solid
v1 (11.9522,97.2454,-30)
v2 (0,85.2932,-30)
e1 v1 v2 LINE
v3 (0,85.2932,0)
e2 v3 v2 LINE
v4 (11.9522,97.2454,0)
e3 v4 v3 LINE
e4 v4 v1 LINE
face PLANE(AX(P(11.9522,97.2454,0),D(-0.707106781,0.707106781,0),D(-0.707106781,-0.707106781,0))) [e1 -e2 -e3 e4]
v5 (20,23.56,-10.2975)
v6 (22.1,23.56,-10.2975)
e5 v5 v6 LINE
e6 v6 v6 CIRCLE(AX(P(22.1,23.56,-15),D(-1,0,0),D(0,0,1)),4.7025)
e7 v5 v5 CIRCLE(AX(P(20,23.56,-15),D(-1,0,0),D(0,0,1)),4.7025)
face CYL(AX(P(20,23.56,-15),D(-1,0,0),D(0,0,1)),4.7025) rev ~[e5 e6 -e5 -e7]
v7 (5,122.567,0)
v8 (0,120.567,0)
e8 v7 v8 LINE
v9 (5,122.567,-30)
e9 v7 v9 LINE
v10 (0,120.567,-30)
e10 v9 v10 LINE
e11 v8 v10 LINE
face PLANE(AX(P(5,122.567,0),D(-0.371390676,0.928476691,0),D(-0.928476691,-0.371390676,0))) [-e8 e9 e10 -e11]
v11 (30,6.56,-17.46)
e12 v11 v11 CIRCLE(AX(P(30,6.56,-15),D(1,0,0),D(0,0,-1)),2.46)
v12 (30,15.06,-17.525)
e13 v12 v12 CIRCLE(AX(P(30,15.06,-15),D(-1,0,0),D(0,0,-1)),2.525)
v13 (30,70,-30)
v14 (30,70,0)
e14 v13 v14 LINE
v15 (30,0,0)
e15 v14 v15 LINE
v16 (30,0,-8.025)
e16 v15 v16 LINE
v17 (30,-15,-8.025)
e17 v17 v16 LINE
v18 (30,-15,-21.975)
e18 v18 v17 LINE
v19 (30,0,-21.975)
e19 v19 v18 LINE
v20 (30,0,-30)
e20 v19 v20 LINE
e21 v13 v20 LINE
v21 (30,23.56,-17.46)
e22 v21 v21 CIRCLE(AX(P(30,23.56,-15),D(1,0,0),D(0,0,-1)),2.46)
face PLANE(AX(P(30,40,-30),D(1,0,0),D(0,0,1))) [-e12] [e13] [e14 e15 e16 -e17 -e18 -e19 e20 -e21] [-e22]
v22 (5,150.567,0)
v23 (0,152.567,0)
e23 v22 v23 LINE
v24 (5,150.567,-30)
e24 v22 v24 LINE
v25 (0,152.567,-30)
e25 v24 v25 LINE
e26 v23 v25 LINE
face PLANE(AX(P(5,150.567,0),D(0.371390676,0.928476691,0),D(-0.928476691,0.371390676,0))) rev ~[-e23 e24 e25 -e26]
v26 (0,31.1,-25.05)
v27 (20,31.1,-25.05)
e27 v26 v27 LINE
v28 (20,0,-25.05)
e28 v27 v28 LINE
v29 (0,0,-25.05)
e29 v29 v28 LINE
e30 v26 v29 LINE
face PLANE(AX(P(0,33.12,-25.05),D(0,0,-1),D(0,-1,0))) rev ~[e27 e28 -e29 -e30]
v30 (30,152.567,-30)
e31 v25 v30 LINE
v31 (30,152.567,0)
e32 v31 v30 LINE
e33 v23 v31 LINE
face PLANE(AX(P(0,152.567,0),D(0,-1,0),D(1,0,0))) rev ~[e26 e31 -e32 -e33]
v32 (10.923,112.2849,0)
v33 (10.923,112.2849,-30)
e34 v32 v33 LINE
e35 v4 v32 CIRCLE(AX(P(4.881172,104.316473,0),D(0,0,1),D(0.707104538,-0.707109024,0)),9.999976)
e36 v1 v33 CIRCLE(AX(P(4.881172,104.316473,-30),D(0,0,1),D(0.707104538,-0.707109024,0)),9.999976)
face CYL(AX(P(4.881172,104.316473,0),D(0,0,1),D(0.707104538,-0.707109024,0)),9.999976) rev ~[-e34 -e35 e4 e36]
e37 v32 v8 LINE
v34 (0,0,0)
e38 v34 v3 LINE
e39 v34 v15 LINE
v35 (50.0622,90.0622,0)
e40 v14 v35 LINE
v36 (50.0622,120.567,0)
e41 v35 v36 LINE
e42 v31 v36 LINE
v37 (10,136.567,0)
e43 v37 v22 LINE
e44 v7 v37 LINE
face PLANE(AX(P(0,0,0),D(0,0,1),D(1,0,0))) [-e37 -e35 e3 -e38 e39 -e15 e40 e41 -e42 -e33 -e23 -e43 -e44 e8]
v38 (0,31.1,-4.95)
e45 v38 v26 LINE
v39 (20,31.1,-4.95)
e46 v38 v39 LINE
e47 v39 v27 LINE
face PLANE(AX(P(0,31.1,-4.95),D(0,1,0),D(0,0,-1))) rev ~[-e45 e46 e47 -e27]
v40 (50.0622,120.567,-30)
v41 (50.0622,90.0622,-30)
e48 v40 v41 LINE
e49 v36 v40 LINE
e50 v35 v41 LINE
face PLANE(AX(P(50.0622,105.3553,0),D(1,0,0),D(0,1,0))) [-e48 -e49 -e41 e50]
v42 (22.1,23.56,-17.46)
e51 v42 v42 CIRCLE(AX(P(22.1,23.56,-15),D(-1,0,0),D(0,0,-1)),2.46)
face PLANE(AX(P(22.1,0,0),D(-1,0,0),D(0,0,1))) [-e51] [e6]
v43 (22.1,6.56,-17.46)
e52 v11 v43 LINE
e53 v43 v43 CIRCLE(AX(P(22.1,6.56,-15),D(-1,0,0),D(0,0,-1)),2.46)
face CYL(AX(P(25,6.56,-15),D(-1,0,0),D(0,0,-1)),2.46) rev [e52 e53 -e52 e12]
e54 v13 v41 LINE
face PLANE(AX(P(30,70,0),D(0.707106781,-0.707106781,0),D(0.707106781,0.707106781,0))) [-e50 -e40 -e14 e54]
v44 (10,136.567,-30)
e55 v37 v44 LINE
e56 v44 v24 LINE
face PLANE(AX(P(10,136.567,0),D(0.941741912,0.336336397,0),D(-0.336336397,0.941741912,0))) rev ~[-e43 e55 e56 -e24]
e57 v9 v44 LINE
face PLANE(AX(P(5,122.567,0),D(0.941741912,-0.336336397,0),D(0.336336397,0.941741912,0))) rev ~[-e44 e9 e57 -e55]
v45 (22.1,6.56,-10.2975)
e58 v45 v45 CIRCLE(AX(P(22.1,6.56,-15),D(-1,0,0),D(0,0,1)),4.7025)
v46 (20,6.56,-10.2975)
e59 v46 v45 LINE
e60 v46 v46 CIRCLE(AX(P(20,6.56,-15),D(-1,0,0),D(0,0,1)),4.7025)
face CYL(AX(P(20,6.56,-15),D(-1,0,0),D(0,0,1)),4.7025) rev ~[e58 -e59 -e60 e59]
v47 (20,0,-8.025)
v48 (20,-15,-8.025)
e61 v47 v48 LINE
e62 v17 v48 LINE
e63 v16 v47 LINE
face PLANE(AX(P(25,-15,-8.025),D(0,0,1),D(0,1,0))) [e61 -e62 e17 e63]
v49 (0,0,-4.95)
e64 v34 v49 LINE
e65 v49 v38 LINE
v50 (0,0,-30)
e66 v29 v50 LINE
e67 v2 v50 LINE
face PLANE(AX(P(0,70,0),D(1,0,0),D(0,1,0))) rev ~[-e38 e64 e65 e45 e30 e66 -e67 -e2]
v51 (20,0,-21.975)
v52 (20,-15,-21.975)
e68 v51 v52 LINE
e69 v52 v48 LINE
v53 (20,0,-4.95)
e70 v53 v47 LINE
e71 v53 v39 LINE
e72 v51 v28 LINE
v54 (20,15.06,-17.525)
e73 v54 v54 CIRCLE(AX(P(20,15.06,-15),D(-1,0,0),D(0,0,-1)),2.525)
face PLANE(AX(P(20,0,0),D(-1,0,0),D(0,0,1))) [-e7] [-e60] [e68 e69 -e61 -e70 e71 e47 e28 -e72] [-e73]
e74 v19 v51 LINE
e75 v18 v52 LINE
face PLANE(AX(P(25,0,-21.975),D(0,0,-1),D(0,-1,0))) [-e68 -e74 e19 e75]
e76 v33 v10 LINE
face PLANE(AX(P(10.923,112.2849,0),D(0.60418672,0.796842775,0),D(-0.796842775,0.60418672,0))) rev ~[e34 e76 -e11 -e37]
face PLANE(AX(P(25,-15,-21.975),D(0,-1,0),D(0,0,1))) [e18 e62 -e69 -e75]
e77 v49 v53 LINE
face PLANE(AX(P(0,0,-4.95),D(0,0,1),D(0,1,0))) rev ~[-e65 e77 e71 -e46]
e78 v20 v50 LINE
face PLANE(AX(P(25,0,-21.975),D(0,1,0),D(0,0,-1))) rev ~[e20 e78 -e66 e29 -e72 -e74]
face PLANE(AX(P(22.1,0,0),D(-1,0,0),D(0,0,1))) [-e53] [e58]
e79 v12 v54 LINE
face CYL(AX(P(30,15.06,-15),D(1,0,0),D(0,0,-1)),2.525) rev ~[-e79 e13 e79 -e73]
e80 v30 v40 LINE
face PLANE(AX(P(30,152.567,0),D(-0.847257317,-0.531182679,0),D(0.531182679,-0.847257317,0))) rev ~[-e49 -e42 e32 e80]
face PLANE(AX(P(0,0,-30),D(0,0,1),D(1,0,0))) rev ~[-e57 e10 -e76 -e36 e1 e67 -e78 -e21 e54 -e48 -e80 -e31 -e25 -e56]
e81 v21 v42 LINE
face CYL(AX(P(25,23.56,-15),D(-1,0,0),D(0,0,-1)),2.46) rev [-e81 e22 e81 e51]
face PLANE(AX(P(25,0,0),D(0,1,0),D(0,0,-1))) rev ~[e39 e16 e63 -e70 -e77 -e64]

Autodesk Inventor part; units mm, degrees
ref_plane "YZ Plane" through (0, 0, 0) normal (1, 0, 0) x (0, 1, 0)
ref_plane "XZ Plane" through (0, 0, 0) normal (0, 1, 0) x (-1, 0, 0)
ref_plane "XY Plane" through (0, 0, 0) normal (0, 0, 1) x (1, 0, 0)
sketch "Sketch1" plane through (0, 0, 0) normal (0, 0, 1) x (1, 0, 0)
  line L0 (0, 0) -> (25, 0)
  line L1 (25, 0) -> (25, 40)
  line L2 (25, 40) -> (0, 40)
  line L3 (0, 40) -> (0, 0)
  dimension "d1" = 25
  dimension "d2" = 40
  dimension "d3" = 25
extrude "Extrusion1" add sketch "Sketch1" against normal blind 30
sketch "Sketch2" plane through (25, 0, 0) normal (1, 0, 0) x (0, 0, -1)
  line L0 (0, 0) -> (30, 0) projected
  circle A0 centre (15, 6.56) radius 2.46
extrude "Extrusion2" cut sketch "Sketch2" against normal blind 30
sketch "Sketch3" plane through (0, 0, 0) normal (-1, 0, 0) x (0, 0, 1)
  line L0 (0, 0) -> (-30, 0) projected
  line L1 (-25.05, 0) -> (-4.95, 0)
  line L2 (-4.95, 0) -> (-4.95, 33.12)
  line L3 (-4.95, 33.12) -> (-25.05, 33.12)
  line L4 (-25.05, 33.12) -> (-25.05, 0)
  dimension "d11" = 20.1
extrude "Extrusion3" cut sketch "Sketch3" against normal blind 20
sketch "Sketch4" plane through (0, 0, 0) normal (0, -1, 0) x (1, 0, 0)
  line L0 (20, -4.95) -> (20, -25.05) projected
  line L1 (20, -15) -> (25, -15)
  line L2 (25, 0) -> (25, -30) projected
  line L3 (20, -8.025) -> (25, -8.025)
  line L4 (25, -8.025) -> (25, -21.975)
  line L5 (25, -21.975) -> (20, -21.975)
  line L6 (20, -21.975) -> (20, -8.025)
  line L7 (20, -8.025) -> (25, -21.975) construction
  line L8 (25, -8.025) -> (20, -21.975) construction
  line L9 (25, -12.54) -> (25, -17.46) projected
  point P0 (0, 0)
  point P1 (22.5, -15)
  dimension "d14" = 13.95
extrude "Extrusion4" add sketch "Sketch4" along normal blind 15
sketch "Sketch5" plane through (20, 0, 0) normal (-1, 0, 0) x (0, 0, 1)
  circle A0 centre (-15, 6.56) radius 2.46 projected
  circle A1 centre (-15, 6.56) radius 4.7025
  circle A2 centre (-15, 6.56) radius 2.46 projected
  circle A3 centre (-15, 6.56) radius 2.46
  point P0 (0, 0)
  dimension "d17" = 9.405
extrude "Extrusion5" cut sketch "Sketch5" against normal blind 2.1
sketch "Sketch6" plane through (25, 0, 0) normal (1, 0, 0) x (0, 0, -1)
  circle A0 centre (15, 6.56) radius 4.7025 projected
  line L0 (15, 6.56) -> (15, 23.56)
  circle A1 centre (15, 23.56) radius 2.46
  point P0 (0, 0)
  dimension "d20" = 17
  dimension "d21" = 4.92
extrude "Extrusion6" cut sketch "Sketch6" against normal blind 10 contours A1
sketch "Sketch7" plane through (20, 0, 0) normal (-1, 0, 0) x (0, 0, 1)
  circle A0 centre (-15, 23.56) radius 2.46 projected
  circle A1 centre (-15, 23.56) radius 4.7025
  point P0 (0, 0)
  dimension "d24" = 9.405
extrude "Extrusion7" cut sketch "Sketch7" against normal blind 2.1
sketch "Sketch9" plane through (25, 0, 0) normal (1, 0, 0) x (0, 0, -1)
  circle A0 centre (15, 6.56) radius 2.46 projected
  circle A1 centre (15, 6.56) radius 2.46
  circle A2 centre (15, 23.56) radius 2.46 projected
  circle A3 centre (15, 23.56) radius 2.46
  line L0 (30, 40) -> (30, 0) projected
  line L1 (30, 0) -> (30, 40)
  line L2 (30, 40) -> (0, 40)
  line L3 (0, 40) -> (0, 0)
  line L4 (0, 0) -> (8.025, 0) projected
  line L5 (21.975, 0) -> (21.975, -15)
  line L6 (21.975, -15) -> (8.025, -15)
  line L7 (8.025, -15) -> (8.025, 0)
  line L8 (0, 0) -> (8.025, 0)
  line L9 (21.975, 0) -> (30, 0)
extrude "Extrusion8" add sketch "Sketch9" along normal blind 5
sketch "Sketch10" plane through (0, 40, 0) normal (0, 1, 0) x (1, 0, 0)
  line L0 (0, 30) -> (30, 30) projected
  line L1 (30, 0) -> (0, 0) projected
  line L2 (0, 30) -> (30, 30)
  line L3 (30, 30) -> (30, 0)
  line L4 (30, 0) -> (0, 0)
  line L5 (0, 0) -> (0, 30)
extrude "Extrusion9" add sketch "Sketch10" along normal blind 30
sketch "Sketch12" plane through (30, 0, 0) normal (1, 0, 0) x (0, 0, -1)
  circle A0 centre (15, 6.56) radius 2.46 projected
  line L0 (15, 6.56) -> (15, 15.06)
  circle A1 centre (15, 15.06) radius 2.525
  point P0 (0, 0)
  dimension "d31" = 8.5
  dimension "d33" = 5.05
extrude "Extrusion10" cut sketch "Sketch12" against normal blind 30 contours A1
sketch "Sketch15" plane through (0, 0, -25.05) normal (-1, 0, 0) x (0, 0, 1)
  line L0 (0, 33.12) -> (20.1, 33.12) projected
  line L1 (20.1, 33.12) -> (20.1, 0) projected
  line L2 (0, 33.12) -> (20.1, 33.12)
  line L3 (20.1, 33.12) -> (20.1, 31.1)
  line L4 (20.1, 31.1) -> (0, 31.1)
  line L5 (0, 31.1) -> (0, 33.12)
  point P0 (25.05, 0)
  dimension "d57" = 2.02
extrude "Extrusion13" add sketch "Sketch15" against normal blind 20
sketch "Sketch17" plane through (0, 0, 0) normal (0, 0, 1) x (1, 0, 0)
  line L0 (0, 70) -> (30, 70) projected
  line L1 (30, 70) -> (50.0622, 90.0622)
  line L2 (30, 70) -> (80, 70) construction
  line L3 (11.9522, 97.2454) -> (0, 85.2932)
  line L4 (0, 70) -> (0, 85.2932)
  line L5 (0, 70) -> (0, 0) projected
  line L6 (0, 70) -> (30, 70)
  line L7 (10.923, 112.2849) -> (0, 120.567)
  line L8 (50.0622, 105.3553) -> (50.0622, 120.567)
  line L9 (50.0622, 105.3553) -> (50.0622, 90.0622)
  arc A0 (11.9522, 97.2454) -> (10.923, 112.2849) centre (4.8811, 104.3165) ccw
  line L10 (0, 152.567) -> (30, 152.567)
  line L11 (30, 152.567) -> (50.0622, 120.567)
  line L12 (5, 150.567) -> (0, 152.567)
  line L13 (5, 122.567) -> (0, 120.567)
  line L14 (5, 122.567) -> (10, 136.567)
  line L15 (10, 136.567) -> (5, 150.567)
  dimension "d61" = 45
  dimension "d62" = 32.0271
  dimension "d72" = 10
extrude "Extrusion14" add sketch "Sketch17" against normal blind 30
properties part number "rec_c_28mm_x_30mm"
